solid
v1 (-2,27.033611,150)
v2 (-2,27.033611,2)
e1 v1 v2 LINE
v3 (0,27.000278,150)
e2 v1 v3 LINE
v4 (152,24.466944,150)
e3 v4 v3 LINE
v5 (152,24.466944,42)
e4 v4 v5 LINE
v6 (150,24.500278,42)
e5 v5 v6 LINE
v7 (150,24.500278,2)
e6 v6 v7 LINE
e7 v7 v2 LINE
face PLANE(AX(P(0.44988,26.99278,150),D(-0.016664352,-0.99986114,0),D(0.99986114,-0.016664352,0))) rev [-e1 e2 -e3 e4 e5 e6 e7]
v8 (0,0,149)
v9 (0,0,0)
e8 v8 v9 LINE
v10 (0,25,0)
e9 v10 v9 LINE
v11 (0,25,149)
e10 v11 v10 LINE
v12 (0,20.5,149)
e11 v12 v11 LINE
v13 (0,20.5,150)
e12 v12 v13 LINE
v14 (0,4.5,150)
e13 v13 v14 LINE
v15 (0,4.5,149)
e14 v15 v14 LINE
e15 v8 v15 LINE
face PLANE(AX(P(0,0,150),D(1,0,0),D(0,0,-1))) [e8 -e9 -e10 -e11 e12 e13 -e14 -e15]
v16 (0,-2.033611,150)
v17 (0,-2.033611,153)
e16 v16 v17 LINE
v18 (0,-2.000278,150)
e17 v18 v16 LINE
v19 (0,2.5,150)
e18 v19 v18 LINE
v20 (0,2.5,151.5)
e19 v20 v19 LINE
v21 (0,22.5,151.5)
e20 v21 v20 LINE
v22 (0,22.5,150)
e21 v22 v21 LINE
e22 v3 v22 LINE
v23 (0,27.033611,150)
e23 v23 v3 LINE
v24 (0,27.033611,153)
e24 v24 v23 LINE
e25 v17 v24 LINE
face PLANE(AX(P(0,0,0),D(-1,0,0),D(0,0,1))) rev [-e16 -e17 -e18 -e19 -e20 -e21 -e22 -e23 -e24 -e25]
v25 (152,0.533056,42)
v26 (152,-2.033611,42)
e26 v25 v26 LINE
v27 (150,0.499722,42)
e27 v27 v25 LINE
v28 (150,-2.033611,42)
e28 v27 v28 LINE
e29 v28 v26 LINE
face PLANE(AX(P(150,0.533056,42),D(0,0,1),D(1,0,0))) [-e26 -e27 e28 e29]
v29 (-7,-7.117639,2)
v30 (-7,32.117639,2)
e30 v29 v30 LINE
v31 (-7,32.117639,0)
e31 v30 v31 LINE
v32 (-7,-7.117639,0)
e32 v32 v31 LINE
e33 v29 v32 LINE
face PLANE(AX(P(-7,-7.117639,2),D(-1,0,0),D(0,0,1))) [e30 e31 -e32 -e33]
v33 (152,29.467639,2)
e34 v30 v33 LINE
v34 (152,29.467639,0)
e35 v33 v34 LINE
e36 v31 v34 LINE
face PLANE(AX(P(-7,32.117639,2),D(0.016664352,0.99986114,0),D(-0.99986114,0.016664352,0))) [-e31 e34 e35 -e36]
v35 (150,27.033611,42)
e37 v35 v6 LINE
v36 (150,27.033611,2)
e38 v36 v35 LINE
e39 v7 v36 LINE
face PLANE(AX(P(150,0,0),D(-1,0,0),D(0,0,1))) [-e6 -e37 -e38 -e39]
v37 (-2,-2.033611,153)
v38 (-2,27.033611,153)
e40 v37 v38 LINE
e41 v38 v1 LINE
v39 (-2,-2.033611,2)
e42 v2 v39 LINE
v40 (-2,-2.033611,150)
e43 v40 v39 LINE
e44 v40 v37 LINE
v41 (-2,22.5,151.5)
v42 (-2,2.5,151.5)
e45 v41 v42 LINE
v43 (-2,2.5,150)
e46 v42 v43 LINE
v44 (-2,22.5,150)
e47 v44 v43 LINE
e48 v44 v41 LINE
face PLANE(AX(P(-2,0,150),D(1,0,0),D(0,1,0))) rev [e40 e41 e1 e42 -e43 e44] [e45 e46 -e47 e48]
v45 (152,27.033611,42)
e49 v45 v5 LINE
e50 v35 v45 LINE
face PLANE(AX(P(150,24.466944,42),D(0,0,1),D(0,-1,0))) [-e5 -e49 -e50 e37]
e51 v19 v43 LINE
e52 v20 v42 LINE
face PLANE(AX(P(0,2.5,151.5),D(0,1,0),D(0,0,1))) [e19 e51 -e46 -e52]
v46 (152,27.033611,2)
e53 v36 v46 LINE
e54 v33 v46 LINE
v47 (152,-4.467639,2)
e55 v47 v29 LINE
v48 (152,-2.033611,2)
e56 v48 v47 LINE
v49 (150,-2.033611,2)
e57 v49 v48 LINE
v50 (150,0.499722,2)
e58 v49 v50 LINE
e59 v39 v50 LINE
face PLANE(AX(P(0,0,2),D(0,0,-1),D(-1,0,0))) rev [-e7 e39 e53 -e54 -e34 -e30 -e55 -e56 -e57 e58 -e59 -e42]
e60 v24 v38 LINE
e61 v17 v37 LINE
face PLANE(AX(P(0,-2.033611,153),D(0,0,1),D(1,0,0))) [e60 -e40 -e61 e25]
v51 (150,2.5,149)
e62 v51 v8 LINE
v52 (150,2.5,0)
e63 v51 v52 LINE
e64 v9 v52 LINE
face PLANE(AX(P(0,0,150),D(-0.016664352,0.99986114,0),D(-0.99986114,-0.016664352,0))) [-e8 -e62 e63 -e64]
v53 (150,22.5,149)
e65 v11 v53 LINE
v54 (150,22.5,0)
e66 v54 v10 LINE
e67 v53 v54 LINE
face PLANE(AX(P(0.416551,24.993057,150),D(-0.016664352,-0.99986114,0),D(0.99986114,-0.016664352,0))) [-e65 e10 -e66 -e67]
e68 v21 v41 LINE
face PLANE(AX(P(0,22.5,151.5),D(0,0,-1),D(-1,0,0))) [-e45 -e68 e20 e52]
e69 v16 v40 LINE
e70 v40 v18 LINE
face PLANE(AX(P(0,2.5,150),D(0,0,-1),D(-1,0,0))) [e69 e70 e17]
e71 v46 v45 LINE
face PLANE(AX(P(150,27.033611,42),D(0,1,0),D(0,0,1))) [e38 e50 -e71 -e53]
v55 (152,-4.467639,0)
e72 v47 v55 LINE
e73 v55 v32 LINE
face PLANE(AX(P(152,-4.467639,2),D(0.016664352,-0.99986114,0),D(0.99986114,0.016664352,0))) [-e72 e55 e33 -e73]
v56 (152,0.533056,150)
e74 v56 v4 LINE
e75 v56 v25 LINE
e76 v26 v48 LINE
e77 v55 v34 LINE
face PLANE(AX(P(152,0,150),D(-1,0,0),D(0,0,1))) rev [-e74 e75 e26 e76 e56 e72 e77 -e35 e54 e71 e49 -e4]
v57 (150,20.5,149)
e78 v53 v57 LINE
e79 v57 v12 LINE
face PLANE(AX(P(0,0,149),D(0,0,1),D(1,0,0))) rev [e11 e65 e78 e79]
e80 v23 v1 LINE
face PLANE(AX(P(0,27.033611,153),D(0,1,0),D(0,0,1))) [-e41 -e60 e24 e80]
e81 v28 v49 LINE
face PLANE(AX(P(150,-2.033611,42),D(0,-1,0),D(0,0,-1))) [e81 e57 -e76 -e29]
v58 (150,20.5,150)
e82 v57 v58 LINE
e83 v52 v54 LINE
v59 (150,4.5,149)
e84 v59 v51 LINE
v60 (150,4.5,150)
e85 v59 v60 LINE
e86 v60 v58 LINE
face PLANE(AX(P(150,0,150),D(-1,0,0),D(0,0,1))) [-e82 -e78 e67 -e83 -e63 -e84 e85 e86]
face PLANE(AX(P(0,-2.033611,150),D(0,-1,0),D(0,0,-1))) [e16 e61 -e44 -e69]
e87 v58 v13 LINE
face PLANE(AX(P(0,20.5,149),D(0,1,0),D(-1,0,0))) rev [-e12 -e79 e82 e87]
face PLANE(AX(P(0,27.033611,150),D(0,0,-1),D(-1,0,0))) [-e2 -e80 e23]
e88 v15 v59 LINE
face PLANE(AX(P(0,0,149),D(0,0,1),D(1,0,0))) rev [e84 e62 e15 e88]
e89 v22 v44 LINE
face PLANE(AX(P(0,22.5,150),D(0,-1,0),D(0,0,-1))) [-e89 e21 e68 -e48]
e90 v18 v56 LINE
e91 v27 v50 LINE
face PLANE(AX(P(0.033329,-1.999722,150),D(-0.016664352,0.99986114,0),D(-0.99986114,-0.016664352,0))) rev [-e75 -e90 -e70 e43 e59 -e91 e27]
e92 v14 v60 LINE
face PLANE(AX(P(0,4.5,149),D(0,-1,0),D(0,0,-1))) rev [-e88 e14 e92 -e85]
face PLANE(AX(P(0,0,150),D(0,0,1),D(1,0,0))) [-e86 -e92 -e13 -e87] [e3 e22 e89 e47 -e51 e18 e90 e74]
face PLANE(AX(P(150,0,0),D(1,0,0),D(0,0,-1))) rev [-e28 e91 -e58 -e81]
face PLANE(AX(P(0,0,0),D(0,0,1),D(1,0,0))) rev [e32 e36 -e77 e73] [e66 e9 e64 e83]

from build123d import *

# Parameters (mm, degrees)
BOSS_EXTRUDE1_DEPTH   = 150
BOSS_EXTRUDE3_DEPTH   = 1
BOSS_EXTRUDE3_2_DEPTH = 1
BOSS_EXTRUDE5_DEPTH   = 2
BOSS_EXTRUDE6_DEPTH   = 2
SKETCH8_W             = 40
SKETCH8_H             = 2.566666667
BOSS_EXTRUDE7_DEPTH   = 2


with BuildPart() as part:
    # Sketch1 → Boss-Extrude1 (new body)
    with BuildSketch(Plane.XY):
        Polygon((152, 0.533055575), (152, 24.466944425), (-2, 27.033611092), (-2, -2.033611092), align=None)
        Polygon((150, 22.5), (0, 25), (0, 0), (150, 2.5), align=None, mode=Mode.SUBTRACT)
    extrude(amount=BOSS_EXTRUDE1_DEPTH)



with BuildPart() as body_2:
    # Sketch3 → Boss-Extrude3 (new body)
    with BuildSketch(Plane.XY.offset(150)):
        Polygon((0, 20.5), (150, 20.5), (150, 22.5), (0, 25), align=None)
    extrude(amount=-BOSS_EXTRUDE3_DEPTH)


with BuildPart() as body_3:
    # Sketch3 → Boss-Extrude3 2 (new body)
    with BuildSketch(Plane.XY.offset(150)):
        Polygon((150, 2.5), (150, 4.5), (0, 4.5), (0, 0), align=None)
    extrude(amount=-BOSS_EXTRUDE3_2_DEPTH)


with BuildPart() as part_1:
    add(part.part)

    add(body_2.part)  # Boss-Extrude5 merges body 2

    add(body_3.part)  # Boss-Extrude5 merges body 3
    # Sketch6 → Boss-Extrude5 (add)
    with BuildSketch(Plane.ZY.offset(2)):
        Polygon((150, 22.5), (151.5, 22.5), (151.5, 2.5), (150, 2.5), (150, -2.033611092), (153, -2.033611092), (153, 27.033611092), (150, 27.033611092), align=None)
    extrude(amount=-BOSS_EXTRUDE5_DEPTH)

    # Sketch7 → Boss-Extrude6 (add)
    with BuildSketch(Plane(origin=(0, 0, 0), x_dir=(-1, 0, 0), z_dir=(0, 0, -1))):
        Polygon((-152, -4.467638821), (7, -7.117638821), (7, 32.117638821), (-152, 29.467638821), (-152, 24.466944425), (2, 27.033611092), (2, -2.033611092), (-152, 0.533055575), align=None)
    extrude(amount=-BOSS_EXTRUDE6_DEPTH)

    # Sketch8 → Boss-Extrude7 (add)
    with BuildSketch(Plane(origin=(152, 0, 0), x_dir=(0, 0, -1), z_dir=(1, 0, 0))):
        with Locations((-22, 25.750277759)):
            Rectangle(SKETCH8_W, SKETCH8_H)
        with Locations((-22, -0.750277759)):
            Rectangle(SKETCH8_W, SKETCH8_H)
    extrude(amount=-BOSS_EXTRUDE7_DEPTH)


solid = part_1.part
